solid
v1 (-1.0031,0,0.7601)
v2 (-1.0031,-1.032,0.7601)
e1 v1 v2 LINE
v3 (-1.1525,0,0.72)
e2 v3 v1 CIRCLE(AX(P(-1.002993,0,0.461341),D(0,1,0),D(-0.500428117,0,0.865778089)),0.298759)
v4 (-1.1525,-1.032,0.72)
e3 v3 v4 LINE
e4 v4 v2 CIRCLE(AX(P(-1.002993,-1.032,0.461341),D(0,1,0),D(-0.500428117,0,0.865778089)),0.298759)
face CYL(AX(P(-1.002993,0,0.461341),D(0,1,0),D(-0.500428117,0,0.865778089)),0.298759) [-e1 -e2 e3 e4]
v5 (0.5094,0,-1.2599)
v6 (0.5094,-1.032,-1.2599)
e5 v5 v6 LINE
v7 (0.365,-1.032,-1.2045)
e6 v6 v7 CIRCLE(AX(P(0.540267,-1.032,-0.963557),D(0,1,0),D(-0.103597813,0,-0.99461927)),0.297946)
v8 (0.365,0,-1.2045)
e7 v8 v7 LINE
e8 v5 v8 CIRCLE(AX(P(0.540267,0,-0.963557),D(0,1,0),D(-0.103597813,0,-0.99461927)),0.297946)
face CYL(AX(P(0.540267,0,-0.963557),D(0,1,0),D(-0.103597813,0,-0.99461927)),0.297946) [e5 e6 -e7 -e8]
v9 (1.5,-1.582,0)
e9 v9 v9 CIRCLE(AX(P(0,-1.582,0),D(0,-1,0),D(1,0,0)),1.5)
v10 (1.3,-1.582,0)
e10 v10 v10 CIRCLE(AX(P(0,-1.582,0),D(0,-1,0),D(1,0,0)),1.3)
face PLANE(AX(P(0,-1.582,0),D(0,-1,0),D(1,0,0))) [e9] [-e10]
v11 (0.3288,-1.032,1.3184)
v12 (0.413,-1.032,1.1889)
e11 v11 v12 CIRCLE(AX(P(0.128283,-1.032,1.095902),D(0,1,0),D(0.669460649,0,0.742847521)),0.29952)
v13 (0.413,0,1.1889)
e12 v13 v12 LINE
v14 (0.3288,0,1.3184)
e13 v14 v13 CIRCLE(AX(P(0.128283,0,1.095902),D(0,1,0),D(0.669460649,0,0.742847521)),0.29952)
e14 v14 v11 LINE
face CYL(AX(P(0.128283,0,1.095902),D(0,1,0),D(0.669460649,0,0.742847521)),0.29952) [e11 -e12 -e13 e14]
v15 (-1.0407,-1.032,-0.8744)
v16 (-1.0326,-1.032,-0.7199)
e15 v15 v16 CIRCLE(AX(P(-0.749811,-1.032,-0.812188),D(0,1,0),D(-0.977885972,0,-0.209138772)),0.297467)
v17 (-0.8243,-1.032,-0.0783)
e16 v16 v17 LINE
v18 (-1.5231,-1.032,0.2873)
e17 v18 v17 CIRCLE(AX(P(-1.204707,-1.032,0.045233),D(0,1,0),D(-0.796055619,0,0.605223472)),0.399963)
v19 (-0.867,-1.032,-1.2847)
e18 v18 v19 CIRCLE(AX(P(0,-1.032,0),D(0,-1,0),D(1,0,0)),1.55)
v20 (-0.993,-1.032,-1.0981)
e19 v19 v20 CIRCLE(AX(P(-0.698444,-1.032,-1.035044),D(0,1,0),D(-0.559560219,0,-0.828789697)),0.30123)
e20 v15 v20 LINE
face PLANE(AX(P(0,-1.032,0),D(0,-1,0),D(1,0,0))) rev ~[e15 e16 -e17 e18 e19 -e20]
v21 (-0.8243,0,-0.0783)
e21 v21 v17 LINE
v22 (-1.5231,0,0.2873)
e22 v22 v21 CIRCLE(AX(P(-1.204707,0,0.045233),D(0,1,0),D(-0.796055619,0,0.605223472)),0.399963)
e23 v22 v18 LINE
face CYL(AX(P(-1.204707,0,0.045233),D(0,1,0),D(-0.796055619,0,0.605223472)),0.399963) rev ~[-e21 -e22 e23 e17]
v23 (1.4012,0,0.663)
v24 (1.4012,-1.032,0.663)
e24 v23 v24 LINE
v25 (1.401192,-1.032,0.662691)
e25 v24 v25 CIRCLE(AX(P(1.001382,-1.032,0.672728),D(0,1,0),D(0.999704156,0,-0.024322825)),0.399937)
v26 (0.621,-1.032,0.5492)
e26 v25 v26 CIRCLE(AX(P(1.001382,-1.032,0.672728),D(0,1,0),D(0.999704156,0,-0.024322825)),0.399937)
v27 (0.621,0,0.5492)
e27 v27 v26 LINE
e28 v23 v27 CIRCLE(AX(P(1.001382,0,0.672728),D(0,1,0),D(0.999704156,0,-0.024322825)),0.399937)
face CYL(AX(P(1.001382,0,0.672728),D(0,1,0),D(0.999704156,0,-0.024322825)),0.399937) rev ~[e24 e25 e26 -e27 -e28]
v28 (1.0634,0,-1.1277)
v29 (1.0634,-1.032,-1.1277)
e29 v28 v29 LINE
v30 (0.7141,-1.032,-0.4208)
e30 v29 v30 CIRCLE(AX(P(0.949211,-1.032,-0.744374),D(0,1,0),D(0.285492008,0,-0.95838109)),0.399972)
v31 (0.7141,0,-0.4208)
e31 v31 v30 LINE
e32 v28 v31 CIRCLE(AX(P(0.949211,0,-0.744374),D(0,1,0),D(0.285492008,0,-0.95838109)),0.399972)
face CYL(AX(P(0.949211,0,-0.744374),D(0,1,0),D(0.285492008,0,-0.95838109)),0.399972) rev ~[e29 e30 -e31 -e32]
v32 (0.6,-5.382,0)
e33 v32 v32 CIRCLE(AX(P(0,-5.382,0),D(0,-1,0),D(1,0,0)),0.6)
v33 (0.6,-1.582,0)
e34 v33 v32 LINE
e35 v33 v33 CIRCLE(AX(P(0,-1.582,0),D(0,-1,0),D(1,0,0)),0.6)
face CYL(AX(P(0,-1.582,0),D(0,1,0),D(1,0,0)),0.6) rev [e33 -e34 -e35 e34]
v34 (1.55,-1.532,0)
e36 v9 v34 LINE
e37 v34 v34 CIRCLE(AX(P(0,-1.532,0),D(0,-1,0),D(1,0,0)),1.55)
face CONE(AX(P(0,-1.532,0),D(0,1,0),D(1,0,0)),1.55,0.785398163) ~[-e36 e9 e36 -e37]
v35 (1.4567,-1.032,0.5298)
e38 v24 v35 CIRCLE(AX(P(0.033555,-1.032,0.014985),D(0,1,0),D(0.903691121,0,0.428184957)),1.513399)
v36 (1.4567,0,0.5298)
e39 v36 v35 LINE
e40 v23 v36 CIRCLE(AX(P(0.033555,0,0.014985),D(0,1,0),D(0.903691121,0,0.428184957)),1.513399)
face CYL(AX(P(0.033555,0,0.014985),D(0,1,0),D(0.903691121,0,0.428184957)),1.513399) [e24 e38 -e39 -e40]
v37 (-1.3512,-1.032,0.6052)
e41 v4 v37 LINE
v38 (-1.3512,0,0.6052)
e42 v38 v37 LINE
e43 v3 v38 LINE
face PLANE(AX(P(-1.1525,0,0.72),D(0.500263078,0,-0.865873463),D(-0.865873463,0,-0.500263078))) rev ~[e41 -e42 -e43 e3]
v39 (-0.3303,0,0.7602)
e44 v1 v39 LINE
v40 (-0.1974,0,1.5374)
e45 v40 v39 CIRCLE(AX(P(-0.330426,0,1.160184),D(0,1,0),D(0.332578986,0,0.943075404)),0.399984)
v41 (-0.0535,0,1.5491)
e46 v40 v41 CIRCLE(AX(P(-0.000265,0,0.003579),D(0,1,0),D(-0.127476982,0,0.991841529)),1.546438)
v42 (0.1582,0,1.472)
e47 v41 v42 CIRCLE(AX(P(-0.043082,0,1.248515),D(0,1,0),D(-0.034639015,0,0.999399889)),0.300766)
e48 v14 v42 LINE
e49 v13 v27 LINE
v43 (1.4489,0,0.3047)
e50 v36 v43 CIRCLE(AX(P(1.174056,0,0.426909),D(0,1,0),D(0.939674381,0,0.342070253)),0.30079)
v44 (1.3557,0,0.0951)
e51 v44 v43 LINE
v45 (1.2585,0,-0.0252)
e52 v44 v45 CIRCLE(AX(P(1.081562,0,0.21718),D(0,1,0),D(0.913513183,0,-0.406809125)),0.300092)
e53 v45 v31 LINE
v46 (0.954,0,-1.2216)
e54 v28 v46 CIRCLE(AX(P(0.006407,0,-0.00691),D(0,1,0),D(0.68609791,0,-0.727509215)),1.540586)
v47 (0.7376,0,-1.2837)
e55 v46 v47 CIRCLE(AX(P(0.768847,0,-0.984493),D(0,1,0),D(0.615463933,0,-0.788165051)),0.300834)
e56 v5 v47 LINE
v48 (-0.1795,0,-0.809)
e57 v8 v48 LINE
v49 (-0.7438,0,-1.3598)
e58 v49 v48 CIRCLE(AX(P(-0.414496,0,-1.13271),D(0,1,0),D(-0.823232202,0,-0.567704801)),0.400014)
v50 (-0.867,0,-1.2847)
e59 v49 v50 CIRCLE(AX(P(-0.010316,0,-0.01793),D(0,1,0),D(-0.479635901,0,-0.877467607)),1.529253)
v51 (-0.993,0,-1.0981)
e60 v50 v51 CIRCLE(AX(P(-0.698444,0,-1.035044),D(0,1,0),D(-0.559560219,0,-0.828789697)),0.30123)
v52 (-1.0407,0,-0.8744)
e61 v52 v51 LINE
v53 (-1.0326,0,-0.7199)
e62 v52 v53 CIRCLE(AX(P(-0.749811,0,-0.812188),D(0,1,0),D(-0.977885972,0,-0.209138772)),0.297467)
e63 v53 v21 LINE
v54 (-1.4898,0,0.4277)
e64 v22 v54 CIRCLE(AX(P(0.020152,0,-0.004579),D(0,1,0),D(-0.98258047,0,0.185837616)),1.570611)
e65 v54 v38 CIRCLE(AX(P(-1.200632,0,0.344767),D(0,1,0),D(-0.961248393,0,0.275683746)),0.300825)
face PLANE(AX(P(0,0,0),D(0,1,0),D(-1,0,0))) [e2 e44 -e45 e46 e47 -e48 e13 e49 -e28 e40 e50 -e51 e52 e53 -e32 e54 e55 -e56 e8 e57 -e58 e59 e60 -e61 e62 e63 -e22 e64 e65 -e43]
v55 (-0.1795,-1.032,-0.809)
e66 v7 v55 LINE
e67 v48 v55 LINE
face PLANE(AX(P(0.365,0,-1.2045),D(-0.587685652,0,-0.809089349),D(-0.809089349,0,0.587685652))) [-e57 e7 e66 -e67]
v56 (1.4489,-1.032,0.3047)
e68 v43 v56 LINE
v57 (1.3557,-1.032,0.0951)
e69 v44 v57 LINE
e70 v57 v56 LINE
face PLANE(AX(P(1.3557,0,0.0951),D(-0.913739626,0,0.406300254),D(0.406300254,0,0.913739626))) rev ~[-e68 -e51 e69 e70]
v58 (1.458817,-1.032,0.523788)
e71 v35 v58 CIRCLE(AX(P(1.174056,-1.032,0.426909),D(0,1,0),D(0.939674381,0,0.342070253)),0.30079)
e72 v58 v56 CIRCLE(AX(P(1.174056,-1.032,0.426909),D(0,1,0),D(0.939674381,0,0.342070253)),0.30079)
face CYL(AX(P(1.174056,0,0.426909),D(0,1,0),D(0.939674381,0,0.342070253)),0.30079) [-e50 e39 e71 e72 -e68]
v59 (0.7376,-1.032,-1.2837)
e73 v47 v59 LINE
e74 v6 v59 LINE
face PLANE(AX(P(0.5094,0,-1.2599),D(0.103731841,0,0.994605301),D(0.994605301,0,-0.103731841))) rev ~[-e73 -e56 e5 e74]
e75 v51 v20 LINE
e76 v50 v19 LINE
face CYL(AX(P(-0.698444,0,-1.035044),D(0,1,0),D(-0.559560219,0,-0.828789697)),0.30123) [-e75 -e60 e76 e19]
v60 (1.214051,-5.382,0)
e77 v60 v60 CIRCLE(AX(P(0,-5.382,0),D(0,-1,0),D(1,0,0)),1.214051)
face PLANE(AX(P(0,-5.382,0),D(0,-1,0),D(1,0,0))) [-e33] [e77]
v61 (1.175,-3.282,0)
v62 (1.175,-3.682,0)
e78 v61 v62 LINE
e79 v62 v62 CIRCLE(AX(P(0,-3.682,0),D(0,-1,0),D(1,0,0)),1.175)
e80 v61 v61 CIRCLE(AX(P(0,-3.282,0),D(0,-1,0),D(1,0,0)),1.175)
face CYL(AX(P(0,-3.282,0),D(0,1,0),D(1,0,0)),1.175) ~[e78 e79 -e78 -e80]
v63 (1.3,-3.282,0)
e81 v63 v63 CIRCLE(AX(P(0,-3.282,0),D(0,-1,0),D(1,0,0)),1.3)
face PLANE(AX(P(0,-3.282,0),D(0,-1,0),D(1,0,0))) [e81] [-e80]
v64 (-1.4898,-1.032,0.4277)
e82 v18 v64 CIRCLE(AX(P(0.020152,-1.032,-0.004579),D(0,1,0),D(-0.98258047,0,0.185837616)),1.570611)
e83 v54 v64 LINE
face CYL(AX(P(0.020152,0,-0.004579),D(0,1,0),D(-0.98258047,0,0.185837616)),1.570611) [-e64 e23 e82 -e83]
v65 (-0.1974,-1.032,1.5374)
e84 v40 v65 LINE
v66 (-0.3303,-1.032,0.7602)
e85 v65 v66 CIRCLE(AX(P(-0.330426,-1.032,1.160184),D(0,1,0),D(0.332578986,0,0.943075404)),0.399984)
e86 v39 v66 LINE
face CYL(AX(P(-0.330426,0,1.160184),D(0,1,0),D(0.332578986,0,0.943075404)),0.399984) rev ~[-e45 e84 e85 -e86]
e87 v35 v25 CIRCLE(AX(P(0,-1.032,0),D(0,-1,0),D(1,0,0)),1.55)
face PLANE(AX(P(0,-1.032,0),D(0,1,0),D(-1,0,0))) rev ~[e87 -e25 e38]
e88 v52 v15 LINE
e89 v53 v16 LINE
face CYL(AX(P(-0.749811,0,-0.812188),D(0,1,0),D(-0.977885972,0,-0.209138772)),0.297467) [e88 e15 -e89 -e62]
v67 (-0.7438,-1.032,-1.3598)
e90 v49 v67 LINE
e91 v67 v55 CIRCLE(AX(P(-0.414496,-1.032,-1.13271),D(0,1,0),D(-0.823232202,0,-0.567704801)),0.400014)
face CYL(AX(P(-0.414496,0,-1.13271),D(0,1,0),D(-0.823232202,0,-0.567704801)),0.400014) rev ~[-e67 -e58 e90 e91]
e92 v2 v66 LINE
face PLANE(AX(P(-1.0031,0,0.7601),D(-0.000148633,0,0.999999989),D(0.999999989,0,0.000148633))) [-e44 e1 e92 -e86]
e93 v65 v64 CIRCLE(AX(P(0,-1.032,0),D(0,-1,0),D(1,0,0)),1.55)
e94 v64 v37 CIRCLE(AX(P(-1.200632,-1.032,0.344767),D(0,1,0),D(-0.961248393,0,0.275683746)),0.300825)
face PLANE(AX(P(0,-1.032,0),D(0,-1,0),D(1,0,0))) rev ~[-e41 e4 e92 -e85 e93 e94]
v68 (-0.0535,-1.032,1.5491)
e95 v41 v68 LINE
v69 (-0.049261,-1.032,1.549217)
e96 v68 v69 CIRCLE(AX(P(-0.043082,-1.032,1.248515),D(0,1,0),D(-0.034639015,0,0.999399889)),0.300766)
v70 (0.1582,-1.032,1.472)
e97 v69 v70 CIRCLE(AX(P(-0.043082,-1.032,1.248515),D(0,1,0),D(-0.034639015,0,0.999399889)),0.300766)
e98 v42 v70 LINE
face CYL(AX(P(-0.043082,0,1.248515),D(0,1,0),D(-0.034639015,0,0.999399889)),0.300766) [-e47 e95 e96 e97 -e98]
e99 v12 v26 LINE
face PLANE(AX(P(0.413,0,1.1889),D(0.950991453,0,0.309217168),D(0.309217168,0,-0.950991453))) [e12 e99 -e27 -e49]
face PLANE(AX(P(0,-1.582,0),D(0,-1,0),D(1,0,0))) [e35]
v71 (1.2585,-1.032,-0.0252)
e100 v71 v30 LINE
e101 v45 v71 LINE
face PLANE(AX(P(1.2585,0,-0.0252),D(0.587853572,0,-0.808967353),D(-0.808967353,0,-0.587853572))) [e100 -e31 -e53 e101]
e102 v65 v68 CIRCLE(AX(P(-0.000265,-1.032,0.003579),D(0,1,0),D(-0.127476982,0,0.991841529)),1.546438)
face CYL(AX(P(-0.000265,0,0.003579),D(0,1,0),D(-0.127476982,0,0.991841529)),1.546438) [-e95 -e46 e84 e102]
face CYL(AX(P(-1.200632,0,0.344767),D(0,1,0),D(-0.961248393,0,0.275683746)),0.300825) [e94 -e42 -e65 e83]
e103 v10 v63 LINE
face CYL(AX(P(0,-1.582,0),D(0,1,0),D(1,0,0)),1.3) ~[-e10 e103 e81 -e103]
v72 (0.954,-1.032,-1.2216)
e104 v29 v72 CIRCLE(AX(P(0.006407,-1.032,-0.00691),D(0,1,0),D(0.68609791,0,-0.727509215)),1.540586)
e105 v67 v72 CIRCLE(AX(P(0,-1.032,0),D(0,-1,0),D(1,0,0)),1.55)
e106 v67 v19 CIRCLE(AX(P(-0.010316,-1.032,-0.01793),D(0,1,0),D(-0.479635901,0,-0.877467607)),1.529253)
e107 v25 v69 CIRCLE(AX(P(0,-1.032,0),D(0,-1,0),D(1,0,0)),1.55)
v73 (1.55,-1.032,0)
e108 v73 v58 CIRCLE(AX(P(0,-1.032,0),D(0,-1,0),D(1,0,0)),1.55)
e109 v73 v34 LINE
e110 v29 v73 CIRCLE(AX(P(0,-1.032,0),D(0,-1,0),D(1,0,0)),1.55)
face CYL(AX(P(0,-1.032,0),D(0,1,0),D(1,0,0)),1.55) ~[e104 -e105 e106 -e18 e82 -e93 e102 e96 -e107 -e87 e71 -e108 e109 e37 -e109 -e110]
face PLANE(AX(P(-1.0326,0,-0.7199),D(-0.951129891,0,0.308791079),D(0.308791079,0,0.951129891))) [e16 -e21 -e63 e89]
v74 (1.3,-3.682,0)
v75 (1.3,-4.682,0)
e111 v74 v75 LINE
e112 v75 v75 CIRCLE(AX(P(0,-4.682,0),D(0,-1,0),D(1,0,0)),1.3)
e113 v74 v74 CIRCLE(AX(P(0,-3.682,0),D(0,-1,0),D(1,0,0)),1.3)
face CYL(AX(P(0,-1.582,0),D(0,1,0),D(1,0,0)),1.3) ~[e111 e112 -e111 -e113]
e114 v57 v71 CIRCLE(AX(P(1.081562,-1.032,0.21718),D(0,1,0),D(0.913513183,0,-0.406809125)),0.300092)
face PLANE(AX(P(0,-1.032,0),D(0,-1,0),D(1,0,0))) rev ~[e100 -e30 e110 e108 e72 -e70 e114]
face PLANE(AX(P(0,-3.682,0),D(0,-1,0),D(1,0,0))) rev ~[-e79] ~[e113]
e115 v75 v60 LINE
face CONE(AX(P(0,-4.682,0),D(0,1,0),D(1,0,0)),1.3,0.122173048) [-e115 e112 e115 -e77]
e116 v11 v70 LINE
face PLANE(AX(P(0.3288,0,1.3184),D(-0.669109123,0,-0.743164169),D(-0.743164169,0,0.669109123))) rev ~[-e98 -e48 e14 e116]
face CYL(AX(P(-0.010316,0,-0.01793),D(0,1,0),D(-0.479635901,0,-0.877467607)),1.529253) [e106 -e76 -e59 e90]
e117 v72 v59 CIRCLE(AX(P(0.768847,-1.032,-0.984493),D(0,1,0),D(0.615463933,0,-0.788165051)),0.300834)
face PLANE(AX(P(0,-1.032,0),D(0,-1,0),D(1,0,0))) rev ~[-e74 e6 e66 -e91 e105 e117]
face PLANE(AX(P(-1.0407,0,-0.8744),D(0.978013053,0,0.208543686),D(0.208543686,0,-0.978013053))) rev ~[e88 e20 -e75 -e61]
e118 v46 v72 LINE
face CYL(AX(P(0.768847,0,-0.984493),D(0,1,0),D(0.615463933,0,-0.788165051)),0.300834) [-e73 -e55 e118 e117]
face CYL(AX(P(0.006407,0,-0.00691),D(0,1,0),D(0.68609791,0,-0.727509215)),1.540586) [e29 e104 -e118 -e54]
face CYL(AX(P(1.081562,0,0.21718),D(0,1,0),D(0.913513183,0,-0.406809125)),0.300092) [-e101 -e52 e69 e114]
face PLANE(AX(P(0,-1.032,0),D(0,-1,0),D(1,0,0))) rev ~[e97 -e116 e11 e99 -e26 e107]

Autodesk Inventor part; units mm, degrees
ref_plane "YZ Plane" through (0, 0, 0) normal (1, 0, 0) x (0, 1, 0)
sketch "Sketch2" plane through (0, 0, 0) normal (0, 1, 0) x (-1, 0, 0)
  line L0 (-0.3288, 1.3184) -> (-0.1582, 1.472)
  line L1 (-0.3288, 1.3184) -> (-0.1582, 1.472)
  line L2 (-0.5094, -1.2599) -> (-0.7376, -1.2837)
  arc A0 (0.7438, -1.3598) -> (0.1795, -0.809) centre (0.4146, -1.1327) ccw
  line L3 (-0.365, -1.2045) -> (0.1795, -0.809)
  arc A1 (-1.0634, -1.1277) -> (-0.954, -1.2216) centre (-0.0001, 0.0001) ccw
  line L4 (-0.365, -1.2045) -> (0.1795, -0.809)
  arc A2 (-0.5094, -1.2599) -> (-0.365, -1.2045) centre (-0.5404, -0.963) ccw
  line L5 (1.1525, 0.72) -> (1.3512, 0.6052)
  arc A3 (0.1974, 1.5374) -> (0.3303, 0.7602) centre (0.3304, 1.1602) ccw
  line L6 (1.0031, 0.7601) -> (0.3303, 0.7602)
  arc A4 (1.1525, 0.72) -> (1.0031, 0.7601) centre (1.0031, 0.4616) ccw
  line L7 (1.0407, -0.8744) -> (0.993, -1.0981)
  arc A5 (1.5231, 0.2873) -> (0.8243, -0.0783) centre (1.2047, 0.0452) ccw
  line L8 (1.0326, -0.7199) -> (0.8243, -0.0783)
  arc A6 (1.0407, -0.8744) -> (1.0326, -0.7199) centre (0.7487, -0.8121) ccw
  arc A7 (-1.4012, 0.663) -> (-0.621, 0.5492) centre (-1.0013, 0.6728) ccw
  line L9 (-0.413, 1.1889) -> (-0.621, 0.5492)
  arc A8 (-0.3288, 1.3184) -> (-0.413, 1.1889) centre (-0.1291, 1.0966) ccw
  line L10 (-1.3557, 0.0951) -> (-1.4489, 0.3047)
  arc A9 (-1.0634, -1.1277) -> (-0.7141, -0.4208) centre (-0.9492, -0.7444) ccw
  line L11 (-1.2585, -0.0252) -> (-0.7141, -0.4208)
  arc A10 (-1.3557, 0.0951) -> (-1.2585, -0.0252) centre (-1.083, 0.2163) ccw
  arc A11 (1.5231, 0.2872) -> (1.4898, 0.4277) centre (-0.0001, 0.0001) ccw
  arc A12 (-1.4012, 0.663) -> (-1.4567, 0.5298) centre (-0.0001, 0.0001) ccw
  arc A13 (0.7438, -1.3598) -> (0.867, -1.2847) centre (-0.0001, 0.0001) ccw
  arc A14 (0.1974, 1.5374) -> (0.0535, 1.5491) centre (-0.0001, 0.0001) ccw
  arc A15 (0.0535, 1.5491) -> (-0.1582, 1.472) centre (0.0431, 1.2484) ccw
  arc A16 (-1.4567, 0.5298) -> (-1.4489, 0.3047) centre (-1.174, 0.4269) ccw
  arc A17 (1.4898, 0.4277) -> (1.3512, 0.6052) centre (1.2005, 0.3447) ccw
  arc A18 (-0.954, -1.2216) -> (-0.7376, -1.2837) centre (-0.7688, -0.9844) ccw
  arc A19 (0.867, -1.2847) -> (0.993, -1.0981) centre (0.6987, -1.0353) ccw
  circle A20 centre (-0.0001, 0.0001) radius 1.55
  point P0 (-1.356, 0.0956)
  point P1 (1.0033, 0.76)
  point P2 (0.3301, 0.76)
  dimension "d305" = 3.1
sketch "Sketch3" plane through (0, 0, 0) normal (0, 1, 0) x (-1, 0, 0)
  line L0 (5.0133, 39.043) -> (38.6813, 7.297)
  line L1 (38.6813, 7.297) -> (18.893, -34.5332)
  line L2 (18.893, -34.5332) -> (-27.0048, -28.6397)
  line L3 (-27.0048, -28.6397) -> (-35.5829, 16.8329)
  line L4 (-35.5829, 16.8329) -> (5.0133, 39.043)
  circle A0 centre (0, 0) radius 39.3635
  circle A1 centre (0, 0) radius 20.4353
  circle A2 centre (0, 0) radius 31.8458
  circle A3 centre (10.4717, -28.7325) radius 10.093
  circle A4 centre (41.1153, -0.5956) radius 4.0726
  circle A5 centre (8.144, 29.3283) radius 10.0252
  circle A6 centre (-25.3778, 16.9956) radius 10.0583
  circle A7 centre (-24.1576, -18.872) radius 10.1582
  line L5 (-25.3778, 16.9956) -> (8.3216, 29.3877)
  line L6 (8.3216, 29.3877) -> (30.5209, 1.1669)
  line L7 (30.5209, 1.1669) -> (10.5413, -28.6665)
  line L8 (10.5413, -28.6665) -> (-24.006, -18.8838)
  line L9 (-24.006, -18.8838) -> (-25.3778, 16.9956)
  line L10 (-31.306, -23.8626) -> (-32.3687, 22.3998)
  line L11 (-32.3687, 22.3998) -> (11.301, 37.7064)
  line L12 (11.301, 37.7064) -> (39.3531, 0.904)
  line L13 (39.3531, 0.904) -> (13.0206, -37.1477)
  line L14 (13.0206, -37.1477) -> (-31.306, -23.8626)
  point P0 (-9.1427, -30.5051)
extrude "Extrusion4" add sketch "Sketch2" against normal blind 1.032 contours L0 A15 A14 A3 L6 A4 L5 A17 A11 A5 L8 A6 L7 A19 A13 A0 L3 A2 L2 A18 A1 A9 L11 A10 L10 A16 A12 A7 L9 A8
sketch "Sketch6" plane through (0, -1.032, 0) normal (0, -1, 0) x (1, 0, 0)
  circle A0 centre (0, 0) radius 1.55
  dimension "d304" = 3.1
extrude "Extrusion5" add sketch "Sketch6" along normal blind 0.55
ref_plane "Plan de construction1" through (0, -1.582, 0) normal (0, -1, 0) x (1, 0, 0)
sketch "Sketch7" plane through (0, -1.582, 0) normal (0, -1, 0) x (1, 0, 0)
  circle A0 centre (0, 0) radius 1.3
  circle A1 centre (0, 0) radius 0.6
  circle A2 centre (0, 0) radius 1.175
  dimension "d303" = 2.6
  dimension "d306" = 1.2
  dimension "d307" = 2.35
extrude "Extrusion6" add sketch "Sketch7" along normal blind 3.8 contours A0 | A2
ref_plane "Plan de construction2" through (0, -3.282, 0) normal (0, -1, 0) x (1, 0, 0)
extrude "Extrusion7" cut sketch "Sketch7" along normal blind 0.4 from surface at 1.7 contours A0
chamfer "Chanfrein2" distance 0.7 angle 7 1 edges at (-1.3, -5.382, 0) measured on face at (1.2958, -4.8153, -0.1046)
chamfer "Chanfrein3" distance 0.05 angle 45 1 edges at (-1.55, -1.582, 0)
properties part number "3.2mm_uncorrected_thin"
